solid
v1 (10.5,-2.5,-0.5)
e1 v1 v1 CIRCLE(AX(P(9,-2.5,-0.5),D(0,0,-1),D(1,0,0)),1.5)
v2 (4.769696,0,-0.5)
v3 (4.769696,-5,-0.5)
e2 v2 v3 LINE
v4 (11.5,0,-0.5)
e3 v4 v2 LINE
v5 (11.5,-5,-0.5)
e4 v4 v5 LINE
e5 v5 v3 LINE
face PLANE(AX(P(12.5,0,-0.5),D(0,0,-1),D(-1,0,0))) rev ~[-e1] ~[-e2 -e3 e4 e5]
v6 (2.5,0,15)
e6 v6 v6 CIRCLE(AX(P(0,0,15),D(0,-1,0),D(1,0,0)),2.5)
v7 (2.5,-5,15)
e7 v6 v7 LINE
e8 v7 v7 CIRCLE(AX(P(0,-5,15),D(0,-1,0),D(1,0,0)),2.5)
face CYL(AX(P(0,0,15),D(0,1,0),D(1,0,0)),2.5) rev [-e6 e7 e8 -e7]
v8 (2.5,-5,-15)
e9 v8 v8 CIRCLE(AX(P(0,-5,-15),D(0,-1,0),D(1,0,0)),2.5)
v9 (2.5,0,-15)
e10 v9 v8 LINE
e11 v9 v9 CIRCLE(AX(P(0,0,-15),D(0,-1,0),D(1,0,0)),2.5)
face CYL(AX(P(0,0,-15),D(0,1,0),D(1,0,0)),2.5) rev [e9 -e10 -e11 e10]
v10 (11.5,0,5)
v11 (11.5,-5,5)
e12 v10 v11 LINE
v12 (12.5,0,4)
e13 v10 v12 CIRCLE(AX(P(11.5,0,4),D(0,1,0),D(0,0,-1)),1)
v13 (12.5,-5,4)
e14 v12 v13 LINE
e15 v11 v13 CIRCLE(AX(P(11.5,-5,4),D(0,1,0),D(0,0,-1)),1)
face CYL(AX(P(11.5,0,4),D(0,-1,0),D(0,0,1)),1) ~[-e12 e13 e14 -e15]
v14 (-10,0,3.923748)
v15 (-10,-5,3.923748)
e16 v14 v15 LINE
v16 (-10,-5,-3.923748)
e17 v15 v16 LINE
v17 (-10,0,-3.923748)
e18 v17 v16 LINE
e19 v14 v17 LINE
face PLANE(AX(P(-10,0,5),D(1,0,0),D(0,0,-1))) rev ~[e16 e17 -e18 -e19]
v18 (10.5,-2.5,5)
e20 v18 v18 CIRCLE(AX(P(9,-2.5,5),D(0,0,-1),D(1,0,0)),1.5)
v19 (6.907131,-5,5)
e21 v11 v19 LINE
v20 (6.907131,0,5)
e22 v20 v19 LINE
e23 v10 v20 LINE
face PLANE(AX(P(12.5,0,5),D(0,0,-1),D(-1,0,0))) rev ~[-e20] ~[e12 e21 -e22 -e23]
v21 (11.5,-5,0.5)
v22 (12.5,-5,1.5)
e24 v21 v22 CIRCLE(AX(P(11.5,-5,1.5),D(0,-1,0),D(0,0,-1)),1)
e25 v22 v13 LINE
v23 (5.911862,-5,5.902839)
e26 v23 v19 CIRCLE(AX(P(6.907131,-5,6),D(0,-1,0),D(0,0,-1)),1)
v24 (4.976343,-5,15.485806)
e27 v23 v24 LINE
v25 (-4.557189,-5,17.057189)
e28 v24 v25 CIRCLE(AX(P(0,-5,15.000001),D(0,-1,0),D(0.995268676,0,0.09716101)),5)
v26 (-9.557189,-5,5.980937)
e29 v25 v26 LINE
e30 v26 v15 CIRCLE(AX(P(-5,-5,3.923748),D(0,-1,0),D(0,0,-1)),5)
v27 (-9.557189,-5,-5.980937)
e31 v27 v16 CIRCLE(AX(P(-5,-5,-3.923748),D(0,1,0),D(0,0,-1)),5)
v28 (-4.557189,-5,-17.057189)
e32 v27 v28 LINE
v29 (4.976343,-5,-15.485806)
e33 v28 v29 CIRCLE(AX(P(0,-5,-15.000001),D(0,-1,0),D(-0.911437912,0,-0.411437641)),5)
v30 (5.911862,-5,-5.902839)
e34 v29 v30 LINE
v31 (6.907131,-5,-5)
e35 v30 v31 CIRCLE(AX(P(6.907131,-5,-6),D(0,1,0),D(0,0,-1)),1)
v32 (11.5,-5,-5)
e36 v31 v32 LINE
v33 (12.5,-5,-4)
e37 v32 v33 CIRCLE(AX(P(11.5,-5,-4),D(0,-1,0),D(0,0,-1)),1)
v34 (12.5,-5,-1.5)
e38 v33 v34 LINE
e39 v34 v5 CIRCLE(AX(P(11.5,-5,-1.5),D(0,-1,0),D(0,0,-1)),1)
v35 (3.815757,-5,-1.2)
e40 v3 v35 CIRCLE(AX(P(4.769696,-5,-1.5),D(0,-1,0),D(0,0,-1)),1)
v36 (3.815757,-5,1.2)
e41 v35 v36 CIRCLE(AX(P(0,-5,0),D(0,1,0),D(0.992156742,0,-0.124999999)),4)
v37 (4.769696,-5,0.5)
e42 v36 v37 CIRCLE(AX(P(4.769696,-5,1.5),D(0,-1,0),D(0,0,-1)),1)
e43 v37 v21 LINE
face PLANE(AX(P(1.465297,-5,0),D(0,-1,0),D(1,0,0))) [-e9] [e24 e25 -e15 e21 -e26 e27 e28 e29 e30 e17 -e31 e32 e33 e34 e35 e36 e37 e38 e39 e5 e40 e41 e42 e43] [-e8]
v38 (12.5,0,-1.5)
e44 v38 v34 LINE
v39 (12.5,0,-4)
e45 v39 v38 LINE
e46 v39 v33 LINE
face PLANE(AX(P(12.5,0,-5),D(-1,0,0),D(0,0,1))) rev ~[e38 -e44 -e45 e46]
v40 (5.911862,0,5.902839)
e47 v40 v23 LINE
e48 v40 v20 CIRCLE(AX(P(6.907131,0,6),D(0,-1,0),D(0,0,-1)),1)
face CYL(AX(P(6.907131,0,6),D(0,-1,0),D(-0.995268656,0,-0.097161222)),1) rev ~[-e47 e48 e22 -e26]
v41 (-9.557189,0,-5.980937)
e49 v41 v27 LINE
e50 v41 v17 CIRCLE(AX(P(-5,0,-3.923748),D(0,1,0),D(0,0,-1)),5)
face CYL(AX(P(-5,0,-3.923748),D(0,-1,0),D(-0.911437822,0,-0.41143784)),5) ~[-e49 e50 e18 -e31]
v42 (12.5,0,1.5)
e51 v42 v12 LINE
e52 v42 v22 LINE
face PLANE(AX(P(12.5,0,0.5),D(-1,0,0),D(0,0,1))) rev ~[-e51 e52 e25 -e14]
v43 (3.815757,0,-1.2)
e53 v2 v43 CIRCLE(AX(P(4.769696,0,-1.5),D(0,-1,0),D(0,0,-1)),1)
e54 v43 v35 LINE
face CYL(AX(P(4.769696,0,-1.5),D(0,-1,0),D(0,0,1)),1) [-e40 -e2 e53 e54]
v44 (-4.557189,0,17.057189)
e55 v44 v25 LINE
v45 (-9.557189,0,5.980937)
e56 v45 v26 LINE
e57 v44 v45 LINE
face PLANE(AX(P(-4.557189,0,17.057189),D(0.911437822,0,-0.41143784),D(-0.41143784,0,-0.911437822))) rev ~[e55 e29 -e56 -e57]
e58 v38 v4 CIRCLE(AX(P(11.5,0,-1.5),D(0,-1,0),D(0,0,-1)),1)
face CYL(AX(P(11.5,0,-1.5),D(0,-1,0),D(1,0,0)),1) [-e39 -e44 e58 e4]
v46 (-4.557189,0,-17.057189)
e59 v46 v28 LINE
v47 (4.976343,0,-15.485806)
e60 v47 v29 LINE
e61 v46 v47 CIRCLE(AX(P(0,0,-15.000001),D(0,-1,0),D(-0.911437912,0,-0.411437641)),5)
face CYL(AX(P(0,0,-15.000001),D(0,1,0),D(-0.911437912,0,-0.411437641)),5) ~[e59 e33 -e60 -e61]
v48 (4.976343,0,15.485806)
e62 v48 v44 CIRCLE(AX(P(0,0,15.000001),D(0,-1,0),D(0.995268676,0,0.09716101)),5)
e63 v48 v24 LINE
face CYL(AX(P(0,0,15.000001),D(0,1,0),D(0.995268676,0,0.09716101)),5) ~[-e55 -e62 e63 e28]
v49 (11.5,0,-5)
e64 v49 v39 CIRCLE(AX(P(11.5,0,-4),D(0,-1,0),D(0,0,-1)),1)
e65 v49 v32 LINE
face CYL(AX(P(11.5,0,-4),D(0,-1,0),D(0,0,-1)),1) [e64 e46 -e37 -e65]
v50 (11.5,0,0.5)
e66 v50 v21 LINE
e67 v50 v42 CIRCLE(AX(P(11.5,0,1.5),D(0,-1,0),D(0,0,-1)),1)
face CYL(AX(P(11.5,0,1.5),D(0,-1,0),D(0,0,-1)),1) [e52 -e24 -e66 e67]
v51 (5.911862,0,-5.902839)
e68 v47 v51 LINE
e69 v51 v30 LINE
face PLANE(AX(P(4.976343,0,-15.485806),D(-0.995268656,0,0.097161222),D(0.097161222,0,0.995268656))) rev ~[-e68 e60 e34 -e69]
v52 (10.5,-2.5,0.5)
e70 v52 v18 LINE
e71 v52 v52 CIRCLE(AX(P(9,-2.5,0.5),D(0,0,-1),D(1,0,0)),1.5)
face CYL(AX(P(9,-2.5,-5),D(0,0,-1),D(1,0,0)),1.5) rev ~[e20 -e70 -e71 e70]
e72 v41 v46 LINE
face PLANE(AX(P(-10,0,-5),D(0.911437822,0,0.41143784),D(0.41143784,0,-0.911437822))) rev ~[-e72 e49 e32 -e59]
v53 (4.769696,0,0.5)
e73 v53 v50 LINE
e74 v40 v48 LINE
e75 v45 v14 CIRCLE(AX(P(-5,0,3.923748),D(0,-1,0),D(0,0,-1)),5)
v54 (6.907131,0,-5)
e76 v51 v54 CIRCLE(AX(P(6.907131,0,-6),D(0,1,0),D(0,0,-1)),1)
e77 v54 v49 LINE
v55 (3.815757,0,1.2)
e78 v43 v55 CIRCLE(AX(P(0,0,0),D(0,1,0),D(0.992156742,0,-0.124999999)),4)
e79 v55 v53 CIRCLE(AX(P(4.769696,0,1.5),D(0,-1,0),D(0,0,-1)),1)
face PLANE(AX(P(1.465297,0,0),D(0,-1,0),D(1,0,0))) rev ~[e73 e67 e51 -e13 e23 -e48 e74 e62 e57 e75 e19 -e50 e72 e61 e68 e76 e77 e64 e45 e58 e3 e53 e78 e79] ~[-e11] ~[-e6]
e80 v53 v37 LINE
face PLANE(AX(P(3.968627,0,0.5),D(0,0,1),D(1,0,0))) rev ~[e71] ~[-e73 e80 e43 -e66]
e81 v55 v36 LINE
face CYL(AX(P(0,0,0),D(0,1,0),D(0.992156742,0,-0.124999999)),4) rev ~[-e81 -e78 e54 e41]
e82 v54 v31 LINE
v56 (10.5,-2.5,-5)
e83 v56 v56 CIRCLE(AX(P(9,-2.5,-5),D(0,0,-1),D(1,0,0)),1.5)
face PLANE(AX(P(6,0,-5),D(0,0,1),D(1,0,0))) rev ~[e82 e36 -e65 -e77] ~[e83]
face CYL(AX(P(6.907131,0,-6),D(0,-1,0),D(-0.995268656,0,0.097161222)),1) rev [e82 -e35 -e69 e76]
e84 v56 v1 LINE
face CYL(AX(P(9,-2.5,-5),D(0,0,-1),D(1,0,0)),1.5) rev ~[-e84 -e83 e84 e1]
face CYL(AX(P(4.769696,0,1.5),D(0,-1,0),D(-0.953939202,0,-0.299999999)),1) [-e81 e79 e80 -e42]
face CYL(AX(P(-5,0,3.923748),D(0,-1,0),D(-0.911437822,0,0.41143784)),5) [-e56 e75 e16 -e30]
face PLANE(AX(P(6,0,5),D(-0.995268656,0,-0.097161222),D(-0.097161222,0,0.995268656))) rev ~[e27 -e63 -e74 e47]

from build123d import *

# Parameters (mm, degrees)
F0_R     = 2.5
F1_DEPTH = 5
F2_R     = 5
F3_R     = 1.5
F4_DEPTH = 25
F5_R     = 1


with BuildPart() as f1:
    # F0 (on Front) → F1 (new body)
    with BuildSketch(Plane.XZ):
        with BuildLine():
            ThreePointArc((3.968627, -0.5), (-4, 0), (3.968627, 0.5))
            Line((3.968627, 0.5), (12.5, 0.5))
            Line((12.5, 0.5), (12.5, 5))
            Line((12.5, 5), (6, 5))
            Line((6, 5), (4.976343, 15.485806))
            ThreePointArc((4.976343, 15.485806), (0.813163, 19.933434), (-4.557189, 17.057189))
            Line((-4.557189, 17.057189), (-10, 5))
            Line((-10, 5), (-10, -5))
            Line((-10, -5), (-4.557189, -17.057189))
            ThreePointArc((-4.557189, -17.057189), (0.813163, -19.933434), (4.976343, -15.485806))
            Line((4.976343, -15.485806), (6, -5))
            Line((6, -5), (12.5, -5))
            Line((12.5, -5), (12.5, -0.5))
            Line((12.5, -0.5), (3.968627, -0.5))
        make_face()
        with Locations((0, -15)):
            Circle(F0_R, mode=Mode.SUBTRACT)
        with Locations((0, 15)):
            Circle(F0_R, mode=Mode.SUBTRACT)
    extrude(amount=F1_DEPTH)

    # F2
    f2_edges = [f1.edges().sort_by_distance(p)[0] for p in [
        (-10, -2.5, -5),
        (-10, -2.5, 5),
    ]]
    fillet(f2_edges, radius=F2_R)

    # F3 (on face) → F4 (cut)
    with BuildSketch(Plane(origin=(0, 0, -5), x_dir=(1, 0, 0), z_dir=(0, 0, -1))):
        with Locations((9, 2.5)):
            Circle(F3_R)
    extrude(amount=-F4_DEPTH, mode=Mode.SUBTRACT)

    # F5
    f5_edges = [f1.edges().sort_by_distance(p)[0] for p in [
        (6, -2.5, -5),
        (12.5, -2.5, -5),
        (12.5, -2.5, 5),
        (6, -2.5, 5),
        (12.5, -2.5, 0.5),
        (12.5, -2.5, -0.5),
        (3.968627, -2.5, -0.5),
        (3.968627, -2.5, 0.5),
    ]]
    fillet(f5_edges, radius=F5_R)


solid = f1.part
